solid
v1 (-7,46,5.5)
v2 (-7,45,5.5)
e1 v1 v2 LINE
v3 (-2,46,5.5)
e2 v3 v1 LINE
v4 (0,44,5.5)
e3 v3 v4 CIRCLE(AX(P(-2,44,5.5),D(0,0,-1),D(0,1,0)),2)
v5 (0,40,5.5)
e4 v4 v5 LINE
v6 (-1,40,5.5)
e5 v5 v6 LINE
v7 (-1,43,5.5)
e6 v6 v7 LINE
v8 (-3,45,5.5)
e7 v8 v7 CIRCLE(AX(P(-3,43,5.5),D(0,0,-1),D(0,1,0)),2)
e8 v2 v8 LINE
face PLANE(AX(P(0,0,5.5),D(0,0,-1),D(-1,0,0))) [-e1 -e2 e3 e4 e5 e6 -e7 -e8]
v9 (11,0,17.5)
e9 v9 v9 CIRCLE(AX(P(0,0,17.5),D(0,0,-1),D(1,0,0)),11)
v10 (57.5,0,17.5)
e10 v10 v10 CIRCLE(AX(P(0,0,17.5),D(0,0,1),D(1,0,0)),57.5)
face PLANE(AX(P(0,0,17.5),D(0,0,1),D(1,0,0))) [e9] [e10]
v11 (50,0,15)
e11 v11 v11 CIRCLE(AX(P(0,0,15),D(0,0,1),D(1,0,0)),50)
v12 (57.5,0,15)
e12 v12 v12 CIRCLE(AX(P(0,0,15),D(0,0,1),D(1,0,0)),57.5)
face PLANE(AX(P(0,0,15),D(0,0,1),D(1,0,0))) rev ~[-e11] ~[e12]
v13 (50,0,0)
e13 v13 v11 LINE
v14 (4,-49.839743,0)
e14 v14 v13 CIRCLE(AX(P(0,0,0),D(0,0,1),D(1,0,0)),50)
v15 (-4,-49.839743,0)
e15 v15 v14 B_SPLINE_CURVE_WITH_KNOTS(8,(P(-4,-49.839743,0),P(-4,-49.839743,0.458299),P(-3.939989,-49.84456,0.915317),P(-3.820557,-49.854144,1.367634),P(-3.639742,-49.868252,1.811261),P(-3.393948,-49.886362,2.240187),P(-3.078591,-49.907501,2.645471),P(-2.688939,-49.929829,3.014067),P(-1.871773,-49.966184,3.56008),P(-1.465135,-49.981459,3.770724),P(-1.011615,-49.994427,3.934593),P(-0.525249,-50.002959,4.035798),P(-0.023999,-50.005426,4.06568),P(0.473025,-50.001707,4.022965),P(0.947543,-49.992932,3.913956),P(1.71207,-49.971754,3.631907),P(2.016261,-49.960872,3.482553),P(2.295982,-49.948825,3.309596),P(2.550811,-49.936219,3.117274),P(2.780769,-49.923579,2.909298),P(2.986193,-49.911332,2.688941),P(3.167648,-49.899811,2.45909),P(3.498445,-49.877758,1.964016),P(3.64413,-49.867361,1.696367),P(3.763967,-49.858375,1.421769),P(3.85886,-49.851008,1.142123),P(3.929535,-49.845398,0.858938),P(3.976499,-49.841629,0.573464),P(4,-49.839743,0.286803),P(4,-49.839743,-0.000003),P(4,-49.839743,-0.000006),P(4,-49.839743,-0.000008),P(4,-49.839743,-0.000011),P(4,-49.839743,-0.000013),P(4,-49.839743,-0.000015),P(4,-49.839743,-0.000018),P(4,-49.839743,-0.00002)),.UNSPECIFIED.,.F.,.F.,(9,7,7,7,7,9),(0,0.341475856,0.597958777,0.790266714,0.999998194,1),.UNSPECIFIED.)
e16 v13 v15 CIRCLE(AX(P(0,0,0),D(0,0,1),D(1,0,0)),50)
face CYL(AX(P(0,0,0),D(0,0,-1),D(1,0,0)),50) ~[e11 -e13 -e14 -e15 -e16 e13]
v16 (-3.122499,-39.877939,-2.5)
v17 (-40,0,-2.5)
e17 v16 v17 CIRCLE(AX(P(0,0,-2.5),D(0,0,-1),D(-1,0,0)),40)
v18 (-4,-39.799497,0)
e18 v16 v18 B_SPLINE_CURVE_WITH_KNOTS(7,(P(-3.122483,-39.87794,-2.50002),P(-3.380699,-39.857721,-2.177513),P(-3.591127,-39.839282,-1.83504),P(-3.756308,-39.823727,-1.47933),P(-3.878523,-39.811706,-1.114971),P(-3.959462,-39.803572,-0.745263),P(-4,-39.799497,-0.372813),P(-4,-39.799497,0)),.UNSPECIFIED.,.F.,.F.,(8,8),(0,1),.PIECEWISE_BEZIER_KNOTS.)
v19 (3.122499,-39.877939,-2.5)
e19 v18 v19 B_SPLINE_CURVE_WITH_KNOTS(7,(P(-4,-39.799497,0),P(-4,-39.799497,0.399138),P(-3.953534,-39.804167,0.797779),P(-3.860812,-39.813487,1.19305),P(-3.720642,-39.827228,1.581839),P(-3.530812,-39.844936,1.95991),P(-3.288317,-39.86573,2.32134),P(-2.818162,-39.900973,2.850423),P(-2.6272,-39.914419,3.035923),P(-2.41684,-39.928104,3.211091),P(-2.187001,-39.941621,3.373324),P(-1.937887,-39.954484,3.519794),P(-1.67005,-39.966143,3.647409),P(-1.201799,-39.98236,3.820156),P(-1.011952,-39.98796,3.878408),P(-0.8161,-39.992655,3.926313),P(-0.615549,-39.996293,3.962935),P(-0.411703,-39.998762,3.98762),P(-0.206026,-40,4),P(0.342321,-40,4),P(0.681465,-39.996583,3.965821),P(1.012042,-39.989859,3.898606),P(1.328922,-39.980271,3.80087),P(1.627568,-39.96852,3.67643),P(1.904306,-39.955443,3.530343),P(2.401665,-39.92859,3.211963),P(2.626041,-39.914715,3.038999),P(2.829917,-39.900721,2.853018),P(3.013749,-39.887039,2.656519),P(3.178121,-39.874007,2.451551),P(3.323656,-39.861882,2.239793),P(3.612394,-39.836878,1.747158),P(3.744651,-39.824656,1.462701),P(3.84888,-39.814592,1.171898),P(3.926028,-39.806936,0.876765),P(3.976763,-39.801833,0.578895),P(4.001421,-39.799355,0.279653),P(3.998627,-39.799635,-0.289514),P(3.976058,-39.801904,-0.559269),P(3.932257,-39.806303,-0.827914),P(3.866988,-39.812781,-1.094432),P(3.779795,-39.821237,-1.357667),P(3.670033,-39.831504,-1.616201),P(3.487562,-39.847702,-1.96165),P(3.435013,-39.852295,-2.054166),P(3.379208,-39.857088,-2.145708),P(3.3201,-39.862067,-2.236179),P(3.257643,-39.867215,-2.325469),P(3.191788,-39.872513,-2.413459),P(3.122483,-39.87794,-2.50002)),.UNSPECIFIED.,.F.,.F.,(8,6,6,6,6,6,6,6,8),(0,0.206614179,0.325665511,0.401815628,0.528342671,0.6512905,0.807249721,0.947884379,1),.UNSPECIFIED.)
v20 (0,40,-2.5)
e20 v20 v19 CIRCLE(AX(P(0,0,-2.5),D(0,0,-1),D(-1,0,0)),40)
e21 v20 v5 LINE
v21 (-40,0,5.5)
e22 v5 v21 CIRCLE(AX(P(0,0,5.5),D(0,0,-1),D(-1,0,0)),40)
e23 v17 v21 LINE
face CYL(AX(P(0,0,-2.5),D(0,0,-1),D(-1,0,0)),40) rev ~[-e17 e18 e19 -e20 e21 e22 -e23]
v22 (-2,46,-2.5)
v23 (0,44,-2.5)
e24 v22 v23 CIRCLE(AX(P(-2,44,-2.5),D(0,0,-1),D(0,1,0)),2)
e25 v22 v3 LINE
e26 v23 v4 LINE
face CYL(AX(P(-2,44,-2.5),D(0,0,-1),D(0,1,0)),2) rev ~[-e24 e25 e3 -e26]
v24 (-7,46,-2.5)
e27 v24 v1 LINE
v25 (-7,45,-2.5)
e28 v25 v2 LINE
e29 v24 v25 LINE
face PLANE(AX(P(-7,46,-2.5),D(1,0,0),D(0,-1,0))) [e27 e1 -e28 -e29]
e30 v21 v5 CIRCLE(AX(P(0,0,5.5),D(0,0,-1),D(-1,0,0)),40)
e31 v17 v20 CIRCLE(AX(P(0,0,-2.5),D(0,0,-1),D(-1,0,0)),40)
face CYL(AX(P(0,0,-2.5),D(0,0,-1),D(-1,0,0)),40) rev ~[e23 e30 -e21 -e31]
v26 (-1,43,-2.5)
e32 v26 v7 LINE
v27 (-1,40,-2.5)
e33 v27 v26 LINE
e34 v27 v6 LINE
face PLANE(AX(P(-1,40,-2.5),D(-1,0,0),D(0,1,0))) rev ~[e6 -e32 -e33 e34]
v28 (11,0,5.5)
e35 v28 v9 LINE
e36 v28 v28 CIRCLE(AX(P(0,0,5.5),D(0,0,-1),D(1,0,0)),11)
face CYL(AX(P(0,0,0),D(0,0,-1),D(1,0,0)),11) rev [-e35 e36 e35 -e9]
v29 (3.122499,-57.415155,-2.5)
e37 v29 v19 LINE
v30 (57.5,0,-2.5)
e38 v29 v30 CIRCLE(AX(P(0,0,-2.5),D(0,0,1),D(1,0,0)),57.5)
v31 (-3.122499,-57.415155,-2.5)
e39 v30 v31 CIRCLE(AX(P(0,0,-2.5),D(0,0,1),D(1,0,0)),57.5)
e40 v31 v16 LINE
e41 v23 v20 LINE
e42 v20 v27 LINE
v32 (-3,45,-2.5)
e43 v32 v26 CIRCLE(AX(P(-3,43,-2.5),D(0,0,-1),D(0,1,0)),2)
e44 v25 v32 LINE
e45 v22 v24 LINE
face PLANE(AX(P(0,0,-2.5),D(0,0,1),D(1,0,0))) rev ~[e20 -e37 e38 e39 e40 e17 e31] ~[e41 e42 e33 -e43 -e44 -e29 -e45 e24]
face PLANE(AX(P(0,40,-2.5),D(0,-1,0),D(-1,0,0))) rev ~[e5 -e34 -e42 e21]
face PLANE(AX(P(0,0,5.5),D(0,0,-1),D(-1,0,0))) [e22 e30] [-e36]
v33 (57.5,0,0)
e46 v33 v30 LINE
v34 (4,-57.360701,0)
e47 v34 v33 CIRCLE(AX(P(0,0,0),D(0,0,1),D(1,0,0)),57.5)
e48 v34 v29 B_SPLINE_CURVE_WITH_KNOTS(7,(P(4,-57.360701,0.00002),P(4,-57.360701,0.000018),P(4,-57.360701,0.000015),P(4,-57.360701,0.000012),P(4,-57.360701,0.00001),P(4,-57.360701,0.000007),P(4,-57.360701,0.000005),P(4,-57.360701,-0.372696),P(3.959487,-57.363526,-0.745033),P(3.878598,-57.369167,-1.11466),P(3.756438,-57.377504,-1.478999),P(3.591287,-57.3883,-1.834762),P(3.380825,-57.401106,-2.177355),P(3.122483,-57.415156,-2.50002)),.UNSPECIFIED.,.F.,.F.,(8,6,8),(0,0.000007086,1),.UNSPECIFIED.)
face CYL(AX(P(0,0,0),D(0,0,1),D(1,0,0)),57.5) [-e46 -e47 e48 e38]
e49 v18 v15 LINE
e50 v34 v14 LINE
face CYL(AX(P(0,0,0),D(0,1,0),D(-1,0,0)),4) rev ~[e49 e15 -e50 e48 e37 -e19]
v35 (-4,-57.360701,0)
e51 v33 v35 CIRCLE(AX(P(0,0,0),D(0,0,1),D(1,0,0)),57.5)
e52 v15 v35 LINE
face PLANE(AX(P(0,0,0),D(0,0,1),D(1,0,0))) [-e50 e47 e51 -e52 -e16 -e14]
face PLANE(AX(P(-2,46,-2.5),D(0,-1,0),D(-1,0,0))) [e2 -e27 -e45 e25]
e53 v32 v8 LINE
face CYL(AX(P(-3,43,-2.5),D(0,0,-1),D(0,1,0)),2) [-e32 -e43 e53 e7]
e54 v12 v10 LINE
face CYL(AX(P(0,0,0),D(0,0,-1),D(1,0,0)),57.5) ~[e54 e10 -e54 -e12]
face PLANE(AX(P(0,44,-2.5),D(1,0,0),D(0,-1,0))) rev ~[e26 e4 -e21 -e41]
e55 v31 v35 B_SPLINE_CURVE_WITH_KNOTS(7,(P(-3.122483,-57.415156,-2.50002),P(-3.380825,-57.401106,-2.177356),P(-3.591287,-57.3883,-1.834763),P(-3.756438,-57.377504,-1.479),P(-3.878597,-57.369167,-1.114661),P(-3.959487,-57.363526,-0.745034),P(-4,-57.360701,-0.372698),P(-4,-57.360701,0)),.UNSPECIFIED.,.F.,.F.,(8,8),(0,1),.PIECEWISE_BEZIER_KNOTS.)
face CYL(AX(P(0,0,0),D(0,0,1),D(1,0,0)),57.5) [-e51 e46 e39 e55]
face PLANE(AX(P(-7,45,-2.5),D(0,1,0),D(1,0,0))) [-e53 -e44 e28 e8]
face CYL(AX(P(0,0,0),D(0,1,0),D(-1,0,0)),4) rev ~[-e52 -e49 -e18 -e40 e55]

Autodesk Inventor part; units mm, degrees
ref_plane "YZ Plane" through (0, 0, 0) normal (1, 0, 0) x (0, 1, 0)
ref_plane "XZ Plane" through (0, 0, 0) normal (0, 1, 0) x (-1, 0, 0)
ref_plane "XY Plane" through (0, 0, 0) normal (0, 0, 1) x (1, 0, 0)
sketch "Sketch1" plane through (0, 0, 0) normal (0, 0, 1) x (1, 0, 0)
  circle A0 centre (0, 0) radius 50
  circle A1 centre (0, 0) radius 11
  circle A2 centre (0, 0) radius 57.5
  dimension "d0" = 100
  dimension "d1" = 22
  dimension "d2" = 115
extrude "Extrusion7" add sketch "Sketch1" along normal blind 17.5 and the other way blind 2.5 contours A0
extrude "Extrusion8" add sketch "Sketch1" along normal blind 17.5 and the other way blind 2.5
extrude "Extrusion9" cut sketch "Sketch1" along normal blind 15 contours A2
extrude "Extrusion10" cut sketch "Sketch1" along normal blind 20 and the other way blind 10 contours A1
sketch "Sketch5" plane through (0, 0, -2.5) normal (0, 0, -1) x (-1, 0, 0)
  circle A0 centre (0, 0) radius 40
  line L0 (0, 40) -> (1, 40)
  line L1 (1, 40) -> (1, 43)
  line L2 (0, 44) -> (0, 40)
  line L3 (7, 46) -> (7, 45)
  line L4 (7, 45) -> (3, 45)
  arc A1 (3, 45) -> (1, 43) centre (3, 43) ccw
  arc A2 (2, 46) -> (0, 44) centre (2, 44) ccw
  line L5 (2, 46) -> (7, 46)
  dimension "d35" = 80
  dimension "d37" = 1
  dimension "d38" = 4
  dimension "d39" = 2
  dimension "d40" = 2
  dimension "d41" = 1
  dimension "d42" = 7
extrude "Extrusion11" cut sketch "Sketch5" against normal blind 8
sketch "Sketch6" plane through (0, 0, 0) normal (0, 1, 0) x (-1, 0, 0)
  circle A0 centre (0, 0) radius 4
  dimension "d45" = 8
extrude "Extrusion12" cut sketch "Sketch6" against normal blind 77.25
properties part number "Return_Spool"
